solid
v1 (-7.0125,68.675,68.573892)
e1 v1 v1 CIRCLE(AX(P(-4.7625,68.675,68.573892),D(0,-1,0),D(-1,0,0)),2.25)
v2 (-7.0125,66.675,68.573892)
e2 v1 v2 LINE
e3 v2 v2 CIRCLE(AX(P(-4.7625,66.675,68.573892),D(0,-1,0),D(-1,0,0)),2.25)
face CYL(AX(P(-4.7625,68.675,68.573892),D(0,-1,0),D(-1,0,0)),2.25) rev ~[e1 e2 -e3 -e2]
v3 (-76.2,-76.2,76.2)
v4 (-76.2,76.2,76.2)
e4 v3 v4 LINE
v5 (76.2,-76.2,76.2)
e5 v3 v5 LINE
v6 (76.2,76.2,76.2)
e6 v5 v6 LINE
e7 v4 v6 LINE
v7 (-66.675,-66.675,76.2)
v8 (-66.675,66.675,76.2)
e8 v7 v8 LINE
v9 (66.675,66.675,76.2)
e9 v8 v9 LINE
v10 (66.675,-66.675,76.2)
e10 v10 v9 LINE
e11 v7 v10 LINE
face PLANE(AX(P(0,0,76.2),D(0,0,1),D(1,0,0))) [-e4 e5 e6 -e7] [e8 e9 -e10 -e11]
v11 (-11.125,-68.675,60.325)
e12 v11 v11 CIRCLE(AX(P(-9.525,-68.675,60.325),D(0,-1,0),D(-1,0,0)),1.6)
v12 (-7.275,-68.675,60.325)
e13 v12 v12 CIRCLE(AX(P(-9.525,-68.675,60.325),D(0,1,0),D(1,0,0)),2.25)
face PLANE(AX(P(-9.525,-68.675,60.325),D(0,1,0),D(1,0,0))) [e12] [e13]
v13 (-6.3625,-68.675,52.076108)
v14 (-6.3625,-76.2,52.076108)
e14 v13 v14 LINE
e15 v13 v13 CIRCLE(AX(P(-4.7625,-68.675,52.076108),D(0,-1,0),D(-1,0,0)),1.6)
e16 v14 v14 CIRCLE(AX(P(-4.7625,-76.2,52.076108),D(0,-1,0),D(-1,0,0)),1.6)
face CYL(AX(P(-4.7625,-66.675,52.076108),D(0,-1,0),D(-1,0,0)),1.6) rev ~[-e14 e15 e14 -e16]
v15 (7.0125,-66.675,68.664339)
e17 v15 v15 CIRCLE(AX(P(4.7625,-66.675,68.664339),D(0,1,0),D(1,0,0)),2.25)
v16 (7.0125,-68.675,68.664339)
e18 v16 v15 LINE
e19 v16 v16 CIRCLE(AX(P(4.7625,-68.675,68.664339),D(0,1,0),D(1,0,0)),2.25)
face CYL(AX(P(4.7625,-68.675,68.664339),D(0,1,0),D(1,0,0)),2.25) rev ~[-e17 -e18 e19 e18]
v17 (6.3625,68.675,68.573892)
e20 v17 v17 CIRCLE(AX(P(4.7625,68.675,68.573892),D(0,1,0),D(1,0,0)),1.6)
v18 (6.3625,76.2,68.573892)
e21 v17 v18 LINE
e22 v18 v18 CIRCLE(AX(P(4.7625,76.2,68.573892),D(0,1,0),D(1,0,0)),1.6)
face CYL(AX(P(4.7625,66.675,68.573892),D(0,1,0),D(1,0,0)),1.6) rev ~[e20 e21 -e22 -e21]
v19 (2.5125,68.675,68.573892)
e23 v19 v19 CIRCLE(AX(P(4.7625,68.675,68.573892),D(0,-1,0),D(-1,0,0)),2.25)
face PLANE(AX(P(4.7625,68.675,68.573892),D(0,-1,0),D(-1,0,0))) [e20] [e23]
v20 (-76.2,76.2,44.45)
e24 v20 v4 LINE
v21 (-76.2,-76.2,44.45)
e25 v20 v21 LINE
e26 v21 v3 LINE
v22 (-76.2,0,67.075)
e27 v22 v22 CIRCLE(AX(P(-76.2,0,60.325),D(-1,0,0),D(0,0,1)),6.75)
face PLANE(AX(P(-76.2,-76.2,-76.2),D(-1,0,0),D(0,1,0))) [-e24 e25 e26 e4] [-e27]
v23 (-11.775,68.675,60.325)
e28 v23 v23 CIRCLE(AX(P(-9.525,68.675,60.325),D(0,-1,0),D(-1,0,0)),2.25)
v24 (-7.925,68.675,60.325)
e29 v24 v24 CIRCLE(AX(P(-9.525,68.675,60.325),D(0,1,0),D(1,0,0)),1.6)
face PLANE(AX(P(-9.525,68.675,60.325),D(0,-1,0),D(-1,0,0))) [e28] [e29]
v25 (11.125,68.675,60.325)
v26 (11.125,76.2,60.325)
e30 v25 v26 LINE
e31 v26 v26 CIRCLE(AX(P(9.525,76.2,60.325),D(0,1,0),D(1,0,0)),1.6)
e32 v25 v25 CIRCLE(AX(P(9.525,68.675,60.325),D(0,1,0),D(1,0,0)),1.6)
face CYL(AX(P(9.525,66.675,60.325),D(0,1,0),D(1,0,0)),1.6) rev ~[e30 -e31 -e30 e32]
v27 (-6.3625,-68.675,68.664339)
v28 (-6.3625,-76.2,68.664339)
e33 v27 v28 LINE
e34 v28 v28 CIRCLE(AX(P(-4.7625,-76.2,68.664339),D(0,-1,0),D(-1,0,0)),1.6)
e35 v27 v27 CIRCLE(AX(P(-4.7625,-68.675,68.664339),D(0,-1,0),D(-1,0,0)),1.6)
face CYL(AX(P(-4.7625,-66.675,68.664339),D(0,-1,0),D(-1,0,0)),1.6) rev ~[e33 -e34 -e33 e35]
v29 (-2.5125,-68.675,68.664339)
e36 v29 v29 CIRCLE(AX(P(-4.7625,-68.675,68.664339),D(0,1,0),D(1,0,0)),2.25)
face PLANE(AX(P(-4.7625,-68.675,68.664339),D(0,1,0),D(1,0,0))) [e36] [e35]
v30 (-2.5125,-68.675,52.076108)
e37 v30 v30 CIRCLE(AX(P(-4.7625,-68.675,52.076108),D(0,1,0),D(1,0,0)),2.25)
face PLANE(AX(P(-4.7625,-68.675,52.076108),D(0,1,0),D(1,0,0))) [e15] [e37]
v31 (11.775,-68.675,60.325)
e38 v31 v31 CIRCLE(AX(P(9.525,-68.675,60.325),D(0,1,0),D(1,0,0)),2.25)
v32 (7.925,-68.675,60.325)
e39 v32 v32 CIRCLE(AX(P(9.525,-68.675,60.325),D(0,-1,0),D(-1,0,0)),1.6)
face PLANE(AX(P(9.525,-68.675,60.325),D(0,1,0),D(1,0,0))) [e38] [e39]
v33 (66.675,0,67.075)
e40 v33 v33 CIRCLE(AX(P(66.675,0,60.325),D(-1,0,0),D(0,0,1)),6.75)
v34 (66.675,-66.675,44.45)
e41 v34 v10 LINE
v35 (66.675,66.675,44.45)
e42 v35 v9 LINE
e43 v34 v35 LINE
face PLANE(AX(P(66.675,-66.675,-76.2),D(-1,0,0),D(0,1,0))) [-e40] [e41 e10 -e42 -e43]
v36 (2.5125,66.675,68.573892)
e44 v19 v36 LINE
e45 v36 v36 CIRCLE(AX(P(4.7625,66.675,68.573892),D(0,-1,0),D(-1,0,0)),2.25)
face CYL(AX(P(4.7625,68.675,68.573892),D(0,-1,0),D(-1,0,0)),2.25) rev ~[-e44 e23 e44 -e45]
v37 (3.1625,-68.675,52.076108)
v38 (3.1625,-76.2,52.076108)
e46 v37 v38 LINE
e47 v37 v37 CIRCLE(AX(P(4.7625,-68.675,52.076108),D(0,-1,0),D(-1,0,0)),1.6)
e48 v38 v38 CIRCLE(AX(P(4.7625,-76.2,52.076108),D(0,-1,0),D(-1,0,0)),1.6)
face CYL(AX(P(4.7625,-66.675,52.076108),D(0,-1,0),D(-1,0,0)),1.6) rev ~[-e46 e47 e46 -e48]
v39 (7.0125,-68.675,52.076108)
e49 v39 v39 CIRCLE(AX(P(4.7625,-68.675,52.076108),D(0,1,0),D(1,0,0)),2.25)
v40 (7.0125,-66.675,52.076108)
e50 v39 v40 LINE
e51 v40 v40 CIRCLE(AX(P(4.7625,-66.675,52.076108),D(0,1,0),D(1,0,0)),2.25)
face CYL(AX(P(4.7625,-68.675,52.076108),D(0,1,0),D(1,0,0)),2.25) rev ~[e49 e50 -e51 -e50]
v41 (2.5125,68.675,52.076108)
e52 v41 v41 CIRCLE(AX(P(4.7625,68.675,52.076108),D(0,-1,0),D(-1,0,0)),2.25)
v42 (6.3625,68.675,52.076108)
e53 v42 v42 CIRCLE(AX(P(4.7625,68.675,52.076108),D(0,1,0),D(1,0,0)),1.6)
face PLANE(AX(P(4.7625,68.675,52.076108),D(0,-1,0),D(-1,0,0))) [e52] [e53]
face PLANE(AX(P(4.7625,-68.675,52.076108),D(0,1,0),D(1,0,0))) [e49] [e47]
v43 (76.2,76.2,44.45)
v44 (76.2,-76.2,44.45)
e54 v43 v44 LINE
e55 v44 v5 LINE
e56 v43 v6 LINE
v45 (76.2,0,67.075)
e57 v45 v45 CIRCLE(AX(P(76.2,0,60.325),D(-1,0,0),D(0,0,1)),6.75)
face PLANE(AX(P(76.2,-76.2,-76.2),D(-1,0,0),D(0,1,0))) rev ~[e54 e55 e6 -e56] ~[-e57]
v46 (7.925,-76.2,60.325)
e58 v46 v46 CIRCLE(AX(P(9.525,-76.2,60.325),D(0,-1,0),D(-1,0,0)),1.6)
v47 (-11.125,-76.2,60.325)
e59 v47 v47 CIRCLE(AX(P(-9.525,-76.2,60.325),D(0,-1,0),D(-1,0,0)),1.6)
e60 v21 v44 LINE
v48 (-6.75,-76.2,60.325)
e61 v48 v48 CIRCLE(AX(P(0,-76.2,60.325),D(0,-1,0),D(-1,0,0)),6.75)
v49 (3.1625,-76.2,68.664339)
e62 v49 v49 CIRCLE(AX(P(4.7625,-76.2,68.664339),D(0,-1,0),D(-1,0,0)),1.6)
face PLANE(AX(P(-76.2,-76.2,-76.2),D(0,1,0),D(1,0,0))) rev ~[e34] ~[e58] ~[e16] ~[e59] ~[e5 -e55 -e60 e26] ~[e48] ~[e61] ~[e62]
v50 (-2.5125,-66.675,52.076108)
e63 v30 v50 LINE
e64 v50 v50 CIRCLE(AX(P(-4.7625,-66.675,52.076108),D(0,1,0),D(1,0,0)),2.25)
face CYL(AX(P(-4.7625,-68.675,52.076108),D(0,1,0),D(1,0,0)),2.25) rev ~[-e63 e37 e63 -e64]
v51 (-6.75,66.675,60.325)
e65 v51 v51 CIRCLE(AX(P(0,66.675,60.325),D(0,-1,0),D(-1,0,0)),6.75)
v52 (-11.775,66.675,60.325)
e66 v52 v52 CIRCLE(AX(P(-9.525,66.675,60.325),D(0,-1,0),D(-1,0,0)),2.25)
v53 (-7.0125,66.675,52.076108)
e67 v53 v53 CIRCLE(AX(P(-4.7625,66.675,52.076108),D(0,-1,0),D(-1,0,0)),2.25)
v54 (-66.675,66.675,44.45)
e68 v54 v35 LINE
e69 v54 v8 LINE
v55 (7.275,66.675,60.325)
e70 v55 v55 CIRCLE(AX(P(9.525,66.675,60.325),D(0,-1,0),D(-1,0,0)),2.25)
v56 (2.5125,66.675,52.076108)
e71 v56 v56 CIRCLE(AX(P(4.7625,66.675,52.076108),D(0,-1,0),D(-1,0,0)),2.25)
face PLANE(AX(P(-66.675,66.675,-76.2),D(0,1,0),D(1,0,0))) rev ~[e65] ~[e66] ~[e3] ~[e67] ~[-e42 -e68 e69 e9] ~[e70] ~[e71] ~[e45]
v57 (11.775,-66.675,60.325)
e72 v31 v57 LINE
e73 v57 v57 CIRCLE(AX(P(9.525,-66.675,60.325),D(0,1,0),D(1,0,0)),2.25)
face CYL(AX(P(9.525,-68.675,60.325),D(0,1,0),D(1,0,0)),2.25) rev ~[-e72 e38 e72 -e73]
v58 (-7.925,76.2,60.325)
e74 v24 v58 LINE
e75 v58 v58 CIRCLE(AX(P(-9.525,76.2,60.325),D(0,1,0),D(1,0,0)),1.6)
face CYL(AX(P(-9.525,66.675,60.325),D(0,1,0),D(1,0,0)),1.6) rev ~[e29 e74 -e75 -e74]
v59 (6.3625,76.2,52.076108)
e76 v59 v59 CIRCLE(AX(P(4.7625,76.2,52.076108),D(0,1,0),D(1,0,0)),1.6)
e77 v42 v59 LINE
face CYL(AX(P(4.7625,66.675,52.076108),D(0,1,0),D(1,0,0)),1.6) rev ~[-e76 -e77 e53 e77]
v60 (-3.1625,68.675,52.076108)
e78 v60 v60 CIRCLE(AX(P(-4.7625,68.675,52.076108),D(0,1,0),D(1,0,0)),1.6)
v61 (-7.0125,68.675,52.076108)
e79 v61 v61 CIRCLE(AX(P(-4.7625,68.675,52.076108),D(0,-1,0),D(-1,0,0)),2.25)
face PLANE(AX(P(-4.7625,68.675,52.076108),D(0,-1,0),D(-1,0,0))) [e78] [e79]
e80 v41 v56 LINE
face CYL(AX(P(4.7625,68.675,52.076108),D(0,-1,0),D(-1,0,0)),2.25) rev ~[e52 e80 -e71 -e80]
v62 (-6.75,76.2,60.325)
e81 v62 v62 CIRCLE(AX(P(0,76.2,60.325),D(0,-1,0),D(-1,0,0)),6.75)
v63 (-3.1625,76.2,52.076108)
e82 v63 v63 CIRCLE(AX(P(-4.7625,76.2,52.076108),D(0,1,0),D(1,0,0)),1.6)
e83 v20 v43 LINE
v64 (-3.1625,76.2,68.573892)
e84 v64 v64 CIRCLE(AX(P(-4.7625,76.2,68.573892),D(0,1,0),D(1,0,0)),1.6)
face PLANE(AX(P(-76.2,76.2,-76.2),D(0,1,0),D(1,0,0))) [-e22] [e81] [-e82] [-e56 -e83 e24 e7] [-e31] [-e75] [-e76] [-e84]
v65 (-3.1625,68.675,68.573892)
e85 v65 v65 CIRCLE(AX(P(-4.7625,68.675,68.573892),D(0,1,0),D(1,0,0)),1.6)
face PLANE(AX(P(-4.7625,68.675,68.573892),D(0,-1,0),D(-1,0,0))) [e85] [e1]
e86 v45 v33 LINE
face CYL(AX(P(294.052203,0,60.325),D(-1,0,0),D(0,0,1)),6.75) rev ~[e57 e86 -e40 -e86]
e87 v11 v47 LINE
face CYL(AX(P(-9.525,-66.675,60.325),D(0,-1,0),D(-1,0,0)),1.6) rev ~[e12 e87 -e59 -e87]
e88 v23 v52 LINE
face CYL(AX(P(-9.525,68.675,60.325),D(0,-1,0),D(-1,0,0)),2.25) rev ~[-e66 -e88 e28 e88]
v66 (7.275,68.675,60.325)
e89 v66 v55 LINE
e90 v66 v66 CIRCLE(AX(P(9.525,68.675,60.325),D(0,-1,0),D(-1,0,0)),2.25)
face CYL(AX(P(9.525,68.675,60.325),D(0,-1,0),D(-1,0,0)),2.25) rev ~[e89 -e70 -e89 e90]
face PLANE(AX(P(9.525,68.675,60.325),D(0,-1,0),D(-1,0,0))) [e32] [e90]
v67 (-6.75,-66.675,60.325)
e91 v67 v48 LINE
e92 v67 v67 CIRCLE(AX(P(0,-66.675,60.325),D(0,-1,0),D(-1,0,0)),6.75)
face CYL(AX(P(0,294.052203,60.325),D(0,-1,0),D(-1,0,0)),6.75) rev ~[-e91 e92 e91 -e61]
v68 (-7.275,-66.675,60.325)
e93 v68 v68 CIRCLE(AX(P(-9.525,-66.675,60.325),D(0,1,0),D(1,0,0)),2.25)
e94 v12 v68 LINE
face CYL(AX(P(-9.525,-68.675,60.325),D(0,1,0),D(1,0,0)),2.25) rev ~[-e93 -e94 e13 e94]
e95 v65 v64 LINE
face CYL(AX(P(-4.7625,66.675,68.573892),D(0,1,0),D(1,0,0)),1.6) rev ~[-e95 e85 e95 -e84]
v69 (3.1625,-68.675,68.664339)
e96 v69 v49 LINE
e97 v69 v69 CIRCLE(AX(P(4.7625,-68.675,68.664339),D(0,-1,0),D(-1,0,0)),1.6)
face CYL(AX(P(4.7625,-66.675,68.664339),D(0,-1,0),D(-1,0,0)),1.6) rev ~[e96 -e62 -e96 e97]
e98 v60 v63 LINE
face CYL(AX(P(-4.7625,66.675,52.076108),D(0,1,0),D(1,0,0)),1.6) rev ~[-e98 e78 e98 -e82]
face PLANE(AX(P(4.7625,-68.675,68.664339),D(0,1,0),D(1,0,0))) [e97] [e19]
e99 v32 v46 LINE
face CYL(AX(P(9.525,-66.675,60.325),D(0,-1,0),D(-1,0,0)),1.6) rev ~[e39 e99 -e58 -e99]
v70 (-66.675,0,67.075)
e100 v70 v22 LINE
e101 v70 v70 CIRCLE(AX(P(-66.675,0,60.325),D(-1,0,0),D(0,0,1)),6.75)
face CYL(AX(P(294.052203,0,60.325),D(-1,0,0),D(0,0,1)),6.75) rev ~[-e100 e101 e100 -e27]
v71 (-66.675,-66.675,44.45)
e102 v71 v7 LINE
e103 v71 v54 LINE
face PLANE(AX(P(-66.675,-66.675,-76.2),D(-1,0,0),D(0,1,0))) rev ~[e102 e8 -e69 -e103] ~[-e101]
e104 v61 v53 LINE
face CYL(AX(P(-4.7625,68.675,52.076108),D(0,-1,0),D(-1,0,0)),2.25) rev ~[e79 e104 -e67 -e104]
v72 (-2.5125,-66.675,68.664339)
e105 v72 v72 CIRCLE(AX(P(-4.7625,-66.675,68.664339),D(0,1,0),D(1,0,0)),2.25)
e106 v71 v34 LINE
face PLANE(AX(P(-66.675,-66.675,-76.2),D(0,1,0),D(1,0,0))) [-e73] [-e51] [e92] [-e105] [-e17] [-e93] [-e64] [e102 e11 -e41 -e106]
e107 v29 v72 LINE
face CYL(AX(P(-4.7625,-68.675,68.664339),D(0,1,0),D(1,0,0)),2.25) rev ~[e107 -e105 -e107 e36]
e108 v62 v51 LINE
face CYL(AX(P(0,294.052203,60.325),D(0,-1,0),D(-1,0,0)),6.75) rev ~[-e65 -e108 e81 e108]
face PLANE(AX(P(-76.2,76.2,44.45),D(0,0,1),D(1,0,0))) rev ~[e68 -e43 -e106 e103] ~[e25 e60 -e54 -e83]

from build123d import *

# Parameters (mm, degrees)
BOSS_EXTRUDE1_DEPTH            = 76.2
BOSS_EXTRUDE1_DEPTH_BACK       = 76.2
SKETCH3_W                      = 152.4
SKETCH3_H                      = 152.4
SKETCH3_W_2                    = 133.35
SKETCH3_H_2                    = 133.35
SKETCH6_W                      = 152.4
SKETCH6_H                      = 120.65
CUT_EXTRUDE1_DEPTH             = 187.6511184
M12_CLEARANCE_HOLE1_D          = 13.5
M12_CLEARANCE_HOLE2_D          = 13.5
CBORE_FOR_M3_SHCS2_D           = 3.2
CBORE_FOR_M3_SHCS2_DEPTH       = 9.525
CBORE_FOR_M3_SHCS2_CBORE_D     = 4.5
CBORE_FOR_M3_SHCS2_CBORE_DEPTH = 2
CBORE_FOR_M3_SHCS3_D           = 3.2
CBORE_FOR_M3_SHCS3_DEPTH       = 9.525
CBORE_FOR_M3_SHCS3_CBORE_D     = 4.5
CBORE_FOR_M3_SHCS3_CBORE_DEPTH = 2


with BuildPart() as part:
    # Sketch3 → Boss-Extrude1 (new, two sides: drawn at the far end of the back side and taken through both)
    with BuildSketch(Plane.XY.offset(-BOSS_EXTRUDE1_DEPTH_BACK)):
        Rectangle(SKETCH3_W, SKETCH3_H)
        Rectangle(SKETCH3_W_2, SKETCH3_H_2, mode=Mode.SUBTRACT)
    extrude(amount=BOSS_EXTRUDE1_DEPTH + BOSS_EXTRUDE1_DEPTH_BACK)

    # Sketch6 → Cut-Extrude1 (cut, through all)
    with BuildSketch(Plane(origin=(0, 76.2, 0), x_dir=(1, 0, 0), z_dir=(0, 1, 0))):
        with Locations((0, 15.875)):
            Rectangle(SKETCH6_W, SKETCH6_H)
    extrude(amount=-CUT_EXTRUDE1_DEPTH, mode=Mode.SUBTRACT)

    # M12 Clearance Hole1 (through all)
    with Locations(Plane(origin=(0, 76.2, 0), x_dir=(1, 0, 0), z_dir=(0, 1, 0))):
        with Locations((0, -60.325)):
            Hole(M12_CLEARANCE_HOLE1_D / 2)

    # M12 Clearance Hole2 (through all)
    with Locations(Plane(origin=(76.2, 0, 0), x_dir=(0, 0, -1), z_dir=(1, 0, 0))):
        with Locations((-60.325, 0)):
            Hole(M12_CLEARANCE_HOLE2_D / 2)

    # CBORE for M3 SHCS2
    with Locations(Plane(origin=(0, 66.675, 0), x_dir=(-1, 0, 0), z_dir=(0, -1, 0))):
        with Locations((-4.7625, -68.573891971), (-4.7625, -52.076108029), (-9.525, -60.325), (9.525, -60.325), (4.7625, -52.076108029), (4.7625, -68.573891971)):
            CounterBoreHole(CBORE_FOR_M3_SHCS2_D / 2, CBORE_FOR_M3_SHCS2_CBORE_D / 2, CBORE_FOR_M3_SHCS2_CBORE_DEPTH, depth=CBORE_FOR_M3_SHCS2_DEPTH)

    # CBORE for M3 SHCS3
    with Locations(Plane(origin=(0, -66.675, 0), x_dir=(1, 0, 0), z_dir=(0, 1, 0))):
        with Locations((4.7625, -52.076108029), (9.525, -60.325), (4.7625, -68.664338764), (-4.7625, -68.664338764), (-9.525, -60.325), (-4.7625, -52.076108029)):
            CounterBoreHole(CBORE_FOR_M3_SHCS3_D / 2, CBORE_FOR_M3_SHCS3_CBORE_D / 2, CBORE_FOR_M3_SHCS3_CBORE_DEPTH, depth=CBORE_FOR_M3_SHCS3_DEPTH)


solid = part.part
